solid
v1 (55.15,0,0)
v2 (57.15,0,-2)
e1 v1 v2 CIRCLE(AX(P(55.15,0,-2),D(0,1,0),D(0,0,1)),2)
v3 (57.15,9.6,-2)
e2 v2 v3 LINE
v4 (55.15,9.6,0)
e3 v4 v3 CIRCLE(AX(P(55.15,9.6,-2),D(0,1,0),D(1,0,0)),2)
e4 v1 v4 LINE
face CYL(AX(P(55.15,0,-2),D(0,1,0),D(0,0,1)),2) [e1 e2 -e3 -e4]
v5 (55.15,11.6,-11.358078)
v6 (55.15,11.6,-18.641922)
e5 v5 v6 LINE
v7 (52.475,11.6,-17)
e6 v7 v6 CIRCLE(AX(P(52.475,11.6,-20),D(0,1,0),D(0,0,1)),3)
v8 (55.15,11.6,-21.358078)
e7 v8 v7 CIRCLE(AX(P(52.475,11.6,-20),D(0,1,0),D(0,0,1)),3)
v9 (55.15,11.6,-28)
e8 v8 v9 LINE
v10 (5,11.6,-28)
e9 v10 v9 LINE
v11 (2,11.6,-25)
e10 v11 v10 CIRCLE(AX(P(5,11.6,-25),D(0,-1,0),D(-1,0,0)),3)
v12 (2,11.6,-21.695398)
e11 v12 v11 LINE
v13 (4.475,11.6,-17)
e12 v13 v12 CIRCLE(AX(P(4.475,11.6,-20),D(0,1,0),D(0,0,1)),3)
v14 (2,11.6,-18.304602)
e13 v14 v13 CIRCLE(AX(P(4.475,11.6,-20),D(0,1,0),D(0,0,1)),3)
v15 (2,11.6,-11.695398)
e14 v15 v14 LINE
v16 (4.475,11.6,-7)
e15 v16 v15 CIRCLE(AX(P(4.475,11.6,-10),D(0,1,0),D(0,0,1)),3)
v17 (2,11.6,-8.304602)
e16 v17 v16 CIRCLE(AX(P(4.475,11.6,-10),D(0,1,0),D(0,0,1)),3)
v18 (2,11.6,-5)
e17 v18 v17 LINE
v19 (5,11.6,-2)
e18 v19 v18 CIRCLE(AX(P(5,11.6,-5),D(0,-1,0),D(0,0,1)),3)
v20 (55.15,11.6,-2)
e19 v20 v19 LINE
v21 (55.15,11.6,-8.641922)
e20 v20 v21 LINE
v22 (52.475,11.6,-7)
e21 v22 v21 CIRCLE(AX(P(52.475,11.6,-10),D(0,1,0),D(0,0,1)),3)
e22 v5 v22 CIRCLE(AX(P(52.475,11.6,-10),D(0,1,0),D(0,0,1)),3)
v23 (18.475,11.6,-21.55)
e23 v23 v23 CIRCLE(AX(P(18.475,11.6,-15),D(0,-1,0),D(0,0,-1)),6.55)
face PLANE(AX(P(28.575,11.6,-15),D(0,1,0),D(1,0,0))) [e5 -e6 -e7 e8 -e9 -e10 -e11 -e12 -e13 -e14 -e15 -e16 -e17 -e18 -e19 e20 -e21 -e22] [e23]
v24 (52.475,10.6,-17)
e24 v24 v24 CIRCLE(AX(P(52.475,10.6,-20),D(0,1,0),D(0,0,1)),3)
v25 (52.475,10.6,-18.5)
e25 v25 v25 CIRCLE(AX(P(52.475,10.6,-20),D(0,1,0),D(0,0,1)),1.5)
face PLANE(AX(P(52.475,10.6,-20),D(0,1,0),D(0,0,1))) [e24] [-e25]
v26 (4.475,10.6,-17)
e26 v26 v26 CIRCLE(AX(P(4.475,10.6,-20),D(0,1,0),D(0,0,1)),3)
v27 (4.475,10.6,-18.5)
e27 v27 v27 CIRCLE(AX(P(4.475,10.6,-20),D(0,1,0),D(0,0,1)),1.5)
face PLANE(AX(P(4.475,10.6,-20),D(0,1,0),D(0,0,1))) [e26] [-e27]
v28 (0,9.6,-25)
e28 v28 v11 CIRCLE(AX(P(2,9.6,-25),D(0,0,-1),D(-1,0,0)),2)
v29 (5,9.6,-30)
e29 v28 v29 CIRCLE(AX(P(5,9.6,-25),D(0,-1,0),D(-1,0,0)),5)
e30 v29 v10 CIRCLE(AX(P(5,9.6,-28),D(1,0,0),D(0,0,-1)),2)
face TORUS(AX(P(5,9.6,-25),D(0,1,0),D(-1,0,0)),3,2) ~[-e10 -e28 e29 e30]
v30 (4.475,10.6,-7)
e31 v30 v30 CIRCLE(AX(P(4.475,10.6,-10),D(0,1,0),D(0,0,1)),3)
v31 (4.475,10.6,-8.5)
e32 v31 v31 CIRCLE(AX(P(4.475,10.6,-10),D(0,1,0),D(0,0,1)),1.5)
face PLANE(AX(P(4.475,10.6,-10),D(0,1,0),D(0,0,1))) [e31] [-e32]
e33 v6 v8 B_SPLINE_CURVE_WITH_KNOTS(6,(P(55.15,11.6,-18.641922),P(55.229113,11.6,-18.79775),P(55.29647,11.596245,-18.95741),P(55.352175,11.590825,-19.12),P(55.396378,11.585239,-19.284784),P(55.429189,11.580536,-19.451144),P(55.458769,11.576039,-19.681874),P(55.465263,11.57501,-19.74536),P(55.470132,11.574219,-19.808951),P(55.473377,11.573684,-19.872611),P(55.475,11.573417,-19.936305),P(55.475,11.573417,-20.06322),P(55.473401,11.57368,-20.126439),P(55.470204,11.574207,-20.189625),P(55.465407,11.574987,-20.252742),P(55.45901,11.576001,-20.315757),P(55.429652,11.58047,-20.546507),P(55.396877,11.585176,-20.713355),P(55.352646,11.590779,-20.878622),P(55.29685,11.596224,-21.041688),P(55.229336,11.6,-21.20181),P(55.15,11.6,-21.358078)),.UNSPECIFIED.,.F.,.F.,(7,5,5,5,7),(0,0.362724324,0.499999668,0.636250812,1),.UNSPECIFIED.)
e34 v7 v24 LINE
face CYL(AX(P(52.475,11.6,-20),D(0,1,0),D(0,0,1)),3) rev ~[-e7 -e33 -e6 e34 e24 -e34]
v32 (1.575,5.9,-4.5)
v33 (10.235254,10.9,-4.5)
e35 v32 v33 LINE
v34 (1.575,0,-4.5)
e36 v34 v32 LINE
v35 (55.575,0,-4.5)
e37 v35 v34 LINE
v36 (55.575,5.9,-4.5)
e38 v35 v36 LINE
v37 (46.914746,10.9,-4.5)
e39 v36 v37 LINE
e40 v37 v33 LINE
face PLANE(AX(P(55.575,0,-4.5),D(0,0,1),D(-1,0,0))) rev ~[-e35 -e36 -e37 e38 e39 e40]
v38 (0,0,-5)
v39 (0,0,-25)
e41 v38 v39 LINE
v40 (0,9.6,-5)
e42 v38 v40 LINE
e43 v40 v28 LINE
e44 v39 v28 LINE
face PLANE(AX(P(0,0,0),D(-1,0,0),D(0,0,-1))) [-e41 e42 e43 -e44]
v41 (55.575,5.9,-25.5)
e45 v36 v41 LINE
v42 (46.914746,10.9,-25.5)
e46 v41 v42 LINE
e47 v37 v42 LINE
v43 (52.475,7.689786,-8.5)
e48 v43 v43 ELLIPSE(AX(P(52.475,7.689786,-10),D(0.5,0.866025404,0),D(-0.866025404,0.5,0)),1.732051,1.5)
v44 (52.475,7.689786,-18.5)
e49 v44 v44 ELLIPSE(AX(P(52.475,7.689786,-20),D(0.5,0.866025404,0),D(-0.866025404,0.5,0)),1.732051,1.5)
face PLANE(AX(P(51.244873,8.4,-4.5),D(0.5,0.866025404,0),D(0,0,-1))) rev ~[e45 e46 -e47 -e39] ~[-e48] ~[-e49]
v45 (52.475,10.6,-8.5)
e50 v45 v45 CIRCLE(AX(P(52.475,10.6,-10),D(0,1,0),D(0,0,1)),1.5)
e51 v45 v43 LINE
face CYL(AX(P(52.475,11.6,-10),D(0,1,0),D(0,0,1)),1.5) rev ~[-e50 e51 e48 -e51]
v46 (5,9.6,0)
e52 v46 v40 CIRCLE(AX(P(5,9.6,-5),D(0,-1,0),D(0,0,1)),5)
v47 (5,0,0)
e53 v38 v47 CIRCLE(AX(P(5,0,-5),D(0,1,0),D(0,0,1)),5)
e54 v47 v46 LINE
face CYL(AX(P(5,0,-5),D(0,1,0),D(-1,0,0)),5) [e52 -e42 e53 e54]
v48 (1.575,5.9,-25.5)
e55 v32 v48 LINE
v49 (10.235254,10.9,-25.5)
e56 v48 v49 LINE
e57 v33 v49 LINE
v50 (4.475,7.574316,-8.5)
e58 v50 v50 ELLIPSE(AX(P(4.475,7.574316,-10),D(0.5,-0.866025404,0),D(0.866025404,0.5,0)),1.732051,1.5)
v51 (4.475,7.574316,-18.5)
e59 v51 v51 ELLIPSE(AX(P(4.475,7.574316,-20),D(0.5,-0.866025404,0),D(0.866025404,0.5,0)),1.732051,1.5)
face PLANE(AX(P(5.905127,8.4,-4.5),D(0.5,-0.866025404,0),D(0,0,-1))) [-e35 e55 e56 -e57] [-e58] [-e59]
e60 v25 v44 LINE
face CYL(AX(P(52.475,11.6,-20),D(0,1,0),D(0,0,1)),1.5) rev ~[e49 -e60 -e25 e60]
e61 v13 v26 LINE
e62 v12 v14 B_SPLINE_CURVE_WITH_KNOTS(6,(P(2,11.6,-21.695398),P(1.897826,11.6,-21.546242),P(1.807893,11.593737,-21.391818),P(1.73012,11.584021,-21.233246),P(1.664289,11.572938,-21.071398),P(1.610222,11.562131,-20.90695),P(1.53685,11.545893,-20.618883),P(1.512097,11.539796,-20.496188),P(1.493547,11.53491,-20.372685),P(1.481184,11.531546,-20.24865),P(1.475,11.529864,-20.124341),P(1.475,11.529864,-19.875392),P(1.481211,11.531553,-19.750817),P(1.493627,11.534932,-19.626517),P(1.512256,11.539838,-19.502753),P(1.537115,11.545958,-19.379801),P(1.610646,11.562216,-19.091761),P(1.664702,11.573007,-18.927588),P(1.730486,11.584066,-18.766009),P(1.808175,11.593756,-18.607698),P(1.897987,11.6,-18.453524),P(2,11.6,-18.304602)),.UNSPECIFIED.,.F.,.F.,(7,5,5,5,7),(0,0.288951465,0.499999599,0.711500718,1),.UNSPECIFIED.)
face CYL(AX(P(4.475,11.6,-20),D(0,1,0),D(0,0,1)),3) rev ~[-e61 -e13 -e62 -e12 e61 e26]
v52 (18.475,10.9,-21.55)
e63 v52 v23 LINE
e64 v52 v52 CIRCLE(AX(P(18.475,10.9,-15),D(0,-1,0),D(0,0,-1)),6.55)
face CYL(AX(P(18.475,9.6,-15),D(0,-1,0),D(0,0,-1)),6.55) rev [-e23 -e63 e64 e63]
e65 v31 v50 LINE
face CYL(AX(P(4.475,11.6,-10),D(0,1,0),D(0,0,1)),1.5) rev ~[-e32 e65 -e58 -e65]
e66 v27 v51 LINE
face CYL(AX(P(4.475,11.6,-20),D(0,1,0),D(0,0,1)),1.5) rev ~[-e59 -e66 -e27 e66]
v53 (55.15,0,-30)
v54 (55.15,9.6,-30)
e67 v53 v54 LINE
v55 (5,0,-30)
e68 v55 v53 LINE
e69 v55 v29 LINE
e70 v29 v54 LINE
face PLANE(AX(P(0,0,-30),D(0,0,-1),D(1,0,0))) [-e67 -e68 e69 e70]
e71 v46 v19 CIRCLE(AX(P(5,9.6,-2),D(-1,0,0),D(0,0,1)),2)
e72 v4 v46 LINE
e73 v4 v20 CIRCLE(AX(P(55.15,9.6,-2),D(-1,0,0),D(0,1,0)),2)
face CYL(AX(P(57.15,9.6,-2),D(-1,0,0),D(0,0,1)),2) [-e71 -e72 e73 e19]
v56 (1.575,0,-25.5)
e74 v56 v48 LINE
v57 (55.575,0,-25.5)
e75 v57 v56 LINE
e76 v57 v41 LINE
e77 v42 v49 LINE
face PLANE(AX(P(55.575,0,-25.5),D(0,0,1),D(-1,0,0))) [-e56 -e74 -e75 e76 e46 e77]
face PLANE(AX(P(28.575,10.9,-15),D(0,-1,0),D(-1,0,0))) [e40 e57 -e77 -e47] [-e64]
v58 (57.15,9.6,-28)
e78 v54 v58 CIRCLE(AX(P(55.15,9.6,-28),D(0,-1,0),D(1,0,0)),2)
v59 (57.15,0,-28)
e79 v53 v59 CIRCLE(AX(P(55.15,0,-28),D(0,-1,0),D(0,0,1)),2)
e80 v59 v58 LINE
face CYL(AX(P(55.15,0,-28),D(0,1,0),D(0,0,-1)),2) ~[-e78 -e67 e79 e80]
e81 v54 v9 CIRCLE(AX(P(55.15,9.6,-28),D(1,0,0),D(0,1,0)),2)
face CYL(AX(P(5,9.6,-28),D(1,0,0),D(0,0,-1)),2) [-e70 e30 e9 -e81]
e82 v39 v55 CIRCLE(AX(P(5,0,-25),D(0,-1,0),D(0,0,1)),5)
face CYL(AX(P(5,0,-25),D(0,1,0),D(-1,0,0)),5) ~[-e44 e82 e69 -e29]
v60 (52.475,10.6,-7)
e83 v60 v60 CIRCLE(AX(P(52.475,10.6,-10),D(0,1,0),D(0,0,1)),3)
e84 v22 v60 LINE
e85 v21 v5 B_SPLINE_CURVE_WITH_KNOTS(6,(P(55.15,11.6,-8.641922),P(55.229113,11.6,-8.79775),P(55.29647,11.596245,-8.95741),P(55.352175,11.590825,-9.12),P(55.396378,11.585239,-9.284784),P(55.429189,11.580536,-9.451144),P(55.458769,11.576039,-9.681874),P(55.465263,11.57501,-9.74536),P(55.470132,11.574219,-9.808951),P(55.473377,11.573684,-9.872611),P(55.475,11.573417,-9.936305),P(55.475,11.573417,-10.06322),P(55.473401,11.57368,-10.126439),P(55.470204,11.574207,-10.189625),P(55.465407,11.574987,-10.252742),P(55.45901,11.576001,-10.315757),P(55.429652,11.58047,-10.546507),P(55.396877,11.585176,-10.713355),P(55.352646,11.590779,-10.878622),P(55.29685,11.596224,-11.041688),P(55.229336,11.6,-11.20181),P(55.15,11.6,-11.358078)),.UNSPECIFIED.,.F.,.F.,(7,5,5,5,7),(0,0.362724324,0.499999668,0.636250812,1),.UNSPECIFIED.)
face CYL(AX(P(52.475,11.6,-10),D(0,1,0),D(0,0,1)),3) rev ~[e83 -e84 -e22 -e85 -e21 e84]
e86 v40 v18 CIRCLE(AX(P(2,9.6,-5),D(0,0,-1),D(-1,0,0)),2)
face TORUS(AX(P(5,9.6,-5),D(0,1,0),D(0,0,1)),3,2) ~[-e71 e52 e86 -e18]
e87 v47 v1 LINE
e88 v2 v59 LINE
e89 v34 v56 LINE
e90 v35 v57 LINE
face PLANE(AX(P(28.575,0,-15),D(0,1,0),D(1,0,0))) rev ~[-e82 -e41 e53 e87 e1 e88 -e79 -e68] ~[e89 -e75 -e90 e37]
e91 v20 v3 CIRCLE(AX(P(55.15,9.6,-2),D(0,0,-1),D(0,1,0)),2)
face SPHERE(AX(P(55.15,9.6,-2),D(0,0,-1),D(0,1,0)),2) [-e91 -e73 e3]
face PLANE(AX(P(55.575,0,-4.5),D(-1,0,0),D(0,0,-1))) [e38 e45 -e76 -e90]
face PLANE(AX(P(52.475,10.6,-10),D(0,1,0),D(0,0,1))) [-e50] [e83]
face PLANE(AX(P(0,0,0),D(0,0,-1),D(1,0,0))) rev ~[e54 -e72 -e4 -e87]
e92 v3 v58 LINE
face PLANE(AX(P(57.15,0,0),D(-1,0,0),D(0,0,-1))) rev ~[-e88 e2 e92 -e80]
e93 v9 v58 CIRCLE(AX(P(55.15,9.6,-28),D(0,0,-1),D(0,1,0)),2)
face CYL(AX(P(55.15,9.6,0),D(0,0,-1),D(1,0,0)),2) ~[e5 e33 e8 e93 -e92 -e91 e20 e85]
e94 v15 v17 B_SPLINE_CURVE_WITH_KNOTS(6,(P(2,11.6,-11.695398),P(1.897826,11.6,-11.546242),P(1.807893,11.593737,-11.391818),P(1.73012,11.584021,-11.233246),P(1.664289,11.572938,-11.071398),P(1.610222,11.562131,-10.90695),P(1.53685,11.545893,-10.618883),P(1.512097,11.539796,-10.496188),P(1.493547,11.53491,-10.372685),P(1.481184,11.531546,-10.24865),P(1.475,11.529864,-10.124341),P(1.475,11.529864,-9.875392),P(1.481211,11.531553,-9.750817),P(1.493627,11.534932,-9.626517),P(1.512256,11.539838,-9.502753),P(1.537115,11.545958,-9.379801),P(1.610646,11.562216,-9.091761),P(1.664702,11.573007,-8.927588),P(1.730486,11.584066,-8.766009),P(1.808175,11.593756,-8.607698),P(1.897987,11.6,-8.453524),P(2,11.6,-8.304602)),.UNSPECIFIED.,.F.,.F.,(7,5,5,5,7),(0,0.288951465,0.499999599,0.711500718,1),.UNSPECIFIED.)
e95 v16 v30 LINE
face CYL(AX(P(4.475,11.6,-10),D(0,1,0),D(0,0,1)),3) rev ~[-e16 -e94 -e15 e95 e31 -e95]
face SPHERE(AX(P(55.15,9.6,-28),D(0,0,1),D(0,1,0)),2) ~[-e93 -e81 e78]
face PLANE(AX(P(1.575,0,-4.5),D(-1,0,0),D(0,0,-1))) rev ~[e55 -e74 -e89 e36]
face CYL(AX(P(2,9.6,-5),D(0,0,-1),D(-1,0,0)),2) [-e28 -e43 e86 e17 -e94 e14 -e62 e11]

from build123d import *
from OCP.BRepFilletAPI import BRepFilletAPI_MakeChamfer

# Parameters (mm, degrees)
SKETCH1_W               = 57.15
SKETCH1_H               = 30
BOSS_EXTRUDE1_DEPTH     = 11.6
SKETCH2_W               = 54
SKETCH2_H               = 21
CUT_EXTRUDE1_DEPTH      = 10.9
SKETCH3_R               = 5.375
CUT_EXTRUDE2_DEPTH      = 0.65
FILLET1_R               = 5
CUT_EXTRUDE3_DEPTH      = 66.467740147
CUT_EXTRUDE3_DEPTH_BACK = 1.35
SKETCH5_R               = 6.55
CHAMFER1_SIZE           = 5
CHAMFER1_SIZE2          = 8.660254038
FILLET2_R               = 2
SKETCH8_R               = 1.5
CUT_EXTRUDE5_DEPTH      = 10
SKETCH9_R               = 3
CUT_EXTRUDE6_DEPTH      = 1


with BuildPart() as part:
    # Sketch1 → Boss-Extrude1 (new body)
    with BuildSketch(Plane(origin=(0, 0, 0), x_dir=(1, 0, 0), z_dir=(0, 1, 0))):
        with Locations((28.575, 15)):
            Rectangle(SKETCH1_W, SKETCH1_H)
    extrude(amount=BOSS_EXTRUDE1_DEPTH)

    # Sketch2 → Cut-Extrude1 (cut)
    with BuildSketch(Plane(origin=(0, 0, 0), x_dir=(-1, 0, 0), z_dir=(0, -1, 0))):
        with Locations((-28.575, 15)):
            Rectangle(SKETCH2_W, SKETCH2_H)
    extrude(amount=-CUT_EXTRUDE1_DEPTH, mode=Mode.SUBTRACT)

    # Sketch3 → Cut-Extrude2 (cut)
    with BuildSketch(Plane(origin=(0, 11.6, 0), x_dir=(1, 0, 0), z_dir=(0, 1, 0))):
        with Locations(Location((17.58, 15, 0), (0, 0, 270))):
            Circle(SKETCH3_R)
    extrude(amount=-CUT_EXTRUDE2_DEPTH, mode=Mode.SUBTRACT)

    # Fillet1
    fillet1_edges = [part.edges().sort_by_distance(p)[0] for p in [
        (0, 5.8, -30),
        (0, 5.8, 0),
    ]]
    fillet(fillet1_edges, radius=FILLET1_R)

    # Sketch5 → Cut-Extrude3 (cut, two sides: drawn at the far end of the back side and taken through both)
    with BuildSketch(Plane(origin=(0, 10.95, 0), x_dir=(1, 0, 0), z_dir=(0, 1, 0)).offset(-CUT_EXTRUDE3_DEPTH_BACK)):
        with Locations(Location((18.475, 15, 0), (0, 0, 90))):
            Circle(SKETCH5_R)
    extrude(amount=CUT_EXTRUDE3_DEPTH + CUT_EXTRUDE3_DEPTH_BACK, mode=Mode.SUBTRACT)

    # Chamfer1: one chamfer whose edges measure the first distance from different faces: ONE call of the kernel's chamfer builder (chamfer() names one face for all edges)
    chamfer1_edges_1 = [part.edges().sort_by_distance(p)[0] for p in [
        (1.575, 10.9, -15),
    ]]
    chamfer1_side_1 = [part.faces().sort_by_distance(p)[0] for p in [
        (1.575, 5.45, -15),
    ]]
    chamfer1_edges_2 = [part.edges().sort_by_distance(p)[0] for p in [
        (55.575, 10.9, -15),
    ]]
    chamfer1_side_2 = [part.faces().sort_by_distance(p)[0] for p in [
        (55.575, 5.45, -15),
    ]]
    chamfer1 = BRepFilletAPI_MakeChamfer(part.part.solid().wrapped)
    for e in chamfer1_edges_1:
        chamfer1.Add(CHAMFER1_SIZE, CHAMFER1_SIZE2, e.wrapped, chamfer1_side_1[0].wrapped)  # the first distance lies on this face
    for e in chamfer1_edges_2:
        chamfer1.Add(CHAMFER1_SIZE, CHAMFER1_SIZE2, e.wrapped, chamfer1_side_2[0].wrapped)  # the first distance lies on this face
    add(Compound.cast(chamfer1.Shape()), mode=Mode.REPLACE)

    # Fillet2
    fillet2_edges = [part.edges().sort_by_distance(p)[0] for p in [
        (57.15, 11.6, -15),
        (31.075, 11.6, -30),
        (0, 11.6, -15),
        (31.075, 11.6, 0),
        (1.464466094, 11.6, -1.464466094),
        (1.464466094, 11.6, -28.535533906),
        (57.15, 5.8, -30),
        (57.15, 5.8, 0),
    ]]
    fillet(fillet2_edges, radius=FILLET2_R)

    # Sketch8 → Cut-Extrude5 (cut)
    with BuildSketch(Plane(origin=(0, 11.6, 0), x_dir=(1, 0, 0), z_dir=(0, 1, 0))):
        with Locations(Location((52.475, 20, 0), (0, 0, 270))):
            Circle(SKETCH8_R)
        with Locations(Location((52.475, 10, 0), (0, 0, 270))):
            Circle(SKETCH8_R)
        with Locations(Location((4.475, 20, 0), (0, 0, 270))):
            Circle(SKETCH8_R)
        with Locations(Location((4.475, 10, 0), (0, 0, 270))):
            Circle(SKETCH8_R)
    extrude(amount=-CUT_EXTRUDE5_DEPTH, mode=Mode.SUBTRACT)

    # Sketch9 → Cut-Extrude6 (cut)
    with BuildSketch(Plane(origin=(0, 11.6, 0), x_dir=(1, 0, 0), z_dir=(0, 1, 0))):
        with Locations(Location((4.475, 20, 0), (0, 0, 270))):
            Circle(SKETCH9_R)
        with Locations(Location((4.475, 10, 0), (0, 0, 270))):
            Circle(SKETCH9_R)
        with Locations(Location((52.475, 10, 0), (0, 0, 270))):
            Circle(SKETCH9_R)
        with Locations(Location((52.475, 20, 0), (0, 0, 270))):
            Circle(SKETCH9_R)
    extrude(amount=-CUT_EXTRUDE6_DEPTH, mode=Mode.SUBTRACT)


solid = part.part
